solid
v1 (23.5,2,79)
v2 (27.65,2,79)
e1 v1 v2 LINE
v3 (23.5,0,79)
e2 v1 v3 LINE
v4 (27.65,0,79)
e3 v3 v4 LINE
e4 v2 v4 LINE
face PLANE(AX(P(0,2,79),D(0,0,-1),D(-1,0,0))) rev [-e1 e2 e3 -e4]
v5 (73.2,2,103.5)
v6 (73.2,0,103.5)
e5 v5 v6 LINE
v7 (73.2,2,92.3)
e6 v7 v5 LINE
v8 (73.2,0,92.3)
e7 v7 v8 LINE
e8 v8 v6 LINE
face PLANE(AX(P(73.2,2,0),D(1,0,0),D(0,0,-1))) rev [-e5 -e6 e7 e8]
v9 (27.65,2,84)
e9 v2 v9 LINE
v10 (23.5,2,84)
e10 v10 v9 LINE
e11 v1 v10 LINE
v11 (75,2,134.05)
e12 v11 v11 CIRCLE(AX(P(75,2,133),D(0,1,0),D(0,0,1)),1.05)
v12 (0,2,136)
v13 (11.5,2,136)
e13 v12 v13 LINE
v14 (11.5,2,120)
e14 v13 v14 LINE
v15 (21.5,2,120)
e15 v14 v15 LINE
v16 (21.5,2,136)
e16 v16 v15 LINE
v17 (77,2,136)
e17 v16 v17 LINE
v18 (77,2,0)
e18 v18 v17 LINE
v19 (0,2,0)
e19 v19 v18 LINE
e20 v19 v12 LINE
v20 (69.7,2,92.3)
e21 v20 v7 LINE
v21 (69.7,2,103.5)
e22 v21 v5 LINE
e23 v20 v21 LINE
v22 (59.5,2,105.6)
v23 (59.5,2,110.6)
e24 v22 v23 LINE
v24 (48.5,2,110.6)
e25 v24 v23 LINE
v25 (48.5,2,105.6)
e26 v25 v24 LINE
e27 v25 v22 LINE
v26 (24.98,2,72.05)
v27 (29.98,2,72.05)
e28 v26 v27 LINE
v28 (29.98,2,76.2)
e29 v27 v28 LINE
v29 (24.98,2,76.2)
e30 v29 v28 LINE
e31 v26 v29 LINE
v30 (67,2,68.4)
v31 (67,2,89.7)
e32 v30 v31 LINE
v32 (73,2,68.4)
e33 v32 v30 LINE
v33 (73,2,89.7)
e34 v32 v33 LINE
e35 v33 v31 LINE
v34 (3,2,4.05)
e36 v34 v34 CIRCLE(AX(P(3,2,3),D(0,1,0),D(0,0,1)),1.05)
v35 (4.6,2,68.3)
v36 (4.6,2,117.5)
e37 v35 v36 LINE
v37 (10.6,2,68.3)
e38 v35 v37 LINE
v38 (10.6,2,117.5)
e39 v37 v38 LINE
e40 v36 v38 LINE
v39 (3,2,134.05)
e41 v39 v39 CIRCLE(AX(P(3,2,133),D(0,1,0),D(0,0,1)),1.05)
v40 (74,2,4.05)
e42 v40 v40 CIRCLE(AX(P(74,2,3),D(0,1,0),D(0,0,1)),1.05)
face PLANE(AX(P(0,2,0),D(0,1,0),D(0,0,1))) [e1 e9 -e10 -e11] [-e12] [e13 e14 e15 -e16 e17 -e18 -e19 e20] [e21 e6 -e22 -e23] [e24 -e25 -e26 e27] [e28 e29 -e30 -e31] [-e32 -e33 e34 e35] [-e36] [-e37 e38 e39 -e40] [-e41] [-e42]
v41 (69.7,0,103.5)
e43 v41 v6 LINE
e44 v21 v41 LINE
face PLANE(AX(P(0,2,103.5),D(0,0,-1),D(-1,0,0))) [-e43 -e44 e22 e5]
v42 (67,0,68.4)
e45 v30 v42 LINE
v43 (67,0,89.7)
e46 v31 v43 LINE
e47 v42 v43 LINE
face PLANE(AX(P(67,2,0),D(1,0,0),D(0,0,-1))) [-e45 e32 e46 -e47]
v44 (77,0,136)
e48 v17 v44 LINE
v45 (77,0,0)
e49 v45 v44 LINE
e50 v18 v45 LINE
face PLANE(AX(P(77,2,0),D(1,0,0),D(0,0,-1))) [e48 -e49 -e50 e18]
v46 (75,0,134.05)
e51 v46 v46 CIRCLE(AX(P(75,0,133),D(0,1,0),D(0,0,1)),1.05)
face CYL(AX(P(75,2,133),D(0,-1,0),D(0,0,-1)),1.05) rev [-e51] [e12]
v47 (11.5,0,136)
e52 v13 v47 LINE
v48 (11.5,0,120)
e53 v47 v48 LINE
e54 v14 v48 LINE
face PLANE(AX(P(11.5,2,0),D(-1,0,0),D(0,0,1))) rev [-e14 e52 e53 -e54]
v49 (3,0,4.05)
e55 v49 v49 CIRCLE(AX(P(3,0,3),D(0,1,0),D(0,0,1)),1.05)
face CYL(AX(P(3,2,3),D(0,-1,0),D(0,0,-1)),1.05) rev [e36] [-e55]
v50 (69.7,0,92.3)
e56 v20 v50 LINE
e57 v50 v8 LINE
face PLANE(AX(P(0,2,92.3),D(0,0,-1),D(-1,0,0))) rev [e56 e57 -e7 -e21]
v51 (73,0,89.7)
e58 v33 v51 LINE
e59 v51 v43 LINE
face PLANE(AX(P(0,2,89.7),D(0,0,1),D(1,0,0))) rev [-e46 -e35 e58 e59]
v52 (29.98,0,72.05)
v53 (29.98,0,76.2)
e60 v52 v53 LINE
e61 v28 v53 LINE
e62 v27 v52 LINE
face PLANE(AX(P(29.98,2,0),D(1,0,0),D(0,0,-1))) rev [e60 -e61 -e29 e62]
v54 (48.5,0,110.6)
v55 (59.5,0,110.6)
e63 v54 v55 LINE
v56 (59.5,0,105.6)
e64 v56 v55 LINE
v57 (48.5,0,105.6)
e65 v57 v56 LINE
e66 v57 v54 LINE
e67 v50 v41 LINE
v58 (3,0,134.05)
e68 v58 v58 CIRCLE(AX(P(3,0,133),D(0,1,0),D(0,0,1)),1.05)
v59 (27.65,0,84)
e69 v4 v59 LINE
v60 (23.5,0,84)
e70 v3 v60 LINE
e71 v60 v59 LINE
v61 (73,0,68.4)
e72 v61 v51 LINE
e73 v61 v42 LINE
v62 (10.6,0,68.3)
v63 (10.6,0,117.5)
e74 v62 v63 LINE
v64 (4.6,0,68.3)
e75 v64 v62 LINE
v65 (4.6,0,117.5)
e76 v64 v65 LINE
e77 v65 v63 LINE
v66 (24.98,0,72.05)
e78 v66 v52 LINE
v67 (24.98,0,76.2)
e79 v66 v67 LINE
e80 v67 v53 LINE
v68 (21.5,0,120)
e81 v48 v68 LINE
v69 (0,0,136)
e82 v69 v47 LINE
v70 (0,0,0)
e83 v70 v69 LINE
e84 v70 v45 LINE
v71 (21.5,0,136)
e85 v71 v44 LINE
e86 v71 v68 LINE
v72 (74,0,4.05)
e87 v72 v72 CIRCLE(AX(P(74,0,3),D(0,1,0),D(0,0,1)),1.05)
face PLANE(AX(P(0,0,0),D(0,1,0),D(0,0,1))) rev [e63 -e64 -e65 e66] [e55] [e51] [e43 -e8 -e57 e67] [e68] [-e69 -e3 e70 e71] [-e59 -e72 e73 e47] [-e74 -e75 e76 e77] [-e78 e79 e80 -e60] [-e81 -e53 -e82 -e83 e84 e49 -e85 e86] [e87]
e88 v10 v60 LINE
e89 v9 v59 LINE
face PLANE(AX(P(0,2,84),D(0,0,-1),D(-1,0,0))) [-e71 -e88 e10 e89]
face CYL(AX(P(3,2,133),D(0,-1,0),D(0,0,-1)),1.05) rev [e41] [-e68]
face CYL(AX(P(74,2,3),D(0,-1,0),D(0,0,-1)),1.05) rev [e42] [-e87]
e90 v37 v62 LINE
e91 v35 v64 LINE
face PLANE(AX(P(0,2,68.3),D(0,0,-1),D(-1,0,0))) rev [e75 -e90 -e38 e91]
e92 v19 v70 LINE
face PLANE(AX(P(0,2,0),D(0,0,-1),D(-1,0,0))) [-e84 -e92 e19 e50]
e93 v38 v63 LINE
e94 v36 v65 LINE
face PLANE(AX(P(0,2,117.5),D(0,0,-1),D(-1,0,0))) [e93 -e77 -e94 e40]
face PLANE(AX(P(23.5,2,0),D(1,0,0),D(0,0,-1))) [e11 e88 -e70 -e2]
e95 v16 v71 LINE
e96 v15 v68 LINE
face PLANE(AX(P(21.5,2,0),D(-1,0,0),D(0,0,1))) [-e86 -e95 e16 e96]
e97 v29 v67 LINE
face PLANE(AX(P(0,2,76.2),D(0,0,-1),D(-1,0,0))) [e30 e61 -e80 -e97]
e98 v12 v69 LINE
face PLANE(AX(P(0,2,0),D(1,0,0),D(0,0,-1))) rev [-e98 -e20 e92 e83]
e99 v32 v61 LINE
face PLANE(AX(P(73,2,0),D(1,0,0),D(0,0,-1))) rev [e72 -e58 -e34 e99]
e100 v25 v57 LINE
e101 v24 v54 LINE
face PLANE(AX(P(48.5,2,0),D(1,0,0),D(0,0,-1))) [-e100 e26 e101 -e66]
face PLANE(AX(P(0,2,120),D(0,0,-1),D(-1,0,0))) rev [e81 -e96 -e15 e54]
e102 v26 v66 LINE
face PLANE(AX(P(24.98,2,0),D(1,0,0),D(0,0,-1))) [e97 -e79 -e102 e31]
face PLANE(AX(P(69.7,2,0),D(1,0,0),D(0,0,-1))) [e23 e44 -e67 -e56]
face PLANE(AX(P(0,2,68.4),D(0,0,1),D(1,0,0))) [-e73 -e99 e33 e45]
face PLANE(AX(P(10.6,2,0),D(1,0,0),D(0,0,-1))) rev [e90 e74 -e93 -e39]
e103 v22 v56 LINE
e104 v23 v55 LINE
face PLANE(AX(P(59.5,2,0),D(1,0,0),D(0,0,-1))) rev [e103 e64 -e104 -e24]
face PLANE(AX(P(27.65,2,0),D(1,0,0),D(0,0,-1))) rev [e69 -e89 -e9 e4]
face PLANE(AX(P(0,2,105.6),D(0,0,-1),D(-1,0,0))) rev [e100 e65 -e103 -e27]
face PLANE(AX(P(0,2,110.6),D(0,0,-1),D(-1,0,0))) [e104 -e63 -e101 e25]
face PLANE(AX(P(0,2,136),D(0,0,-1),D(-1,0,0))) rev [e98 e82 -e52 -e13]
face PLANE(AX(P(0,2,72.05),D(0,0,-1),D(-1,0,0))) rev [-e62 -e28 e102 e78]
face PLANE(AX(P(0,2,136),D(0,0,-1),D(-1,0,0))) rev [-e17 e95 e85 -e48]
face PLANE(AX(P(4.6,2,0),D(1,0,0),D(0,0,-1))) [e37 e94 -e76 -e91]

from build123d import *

# Parameters (mm, degrees)
SKETCH_2_R      = 1.05
SKETCH_2_W      = 6
SKETCH_2_H      = 49.2
SKETCH_2_W_2    = 4.15
SKETCH_2_H_2    = 5
SKETCH_2_W_3    = 5
SKETCH_2_H_3    = 4.15
SKETCH_2_W_4    = 11
SKETCH_2_W_5    = 3.5
SKETCH_2_H_4    = 11.2
SKETCH_2_H_5    = 21.3
EXTRUDE_1_DEPTH = 2


with BuildPart() as part:
    # 草图2 → 凸台-拉伸1 (new body)
    with BuildSketch(Plane(origin=(0, 0, 0), x_dir=(1, 0, 0), z_dir=(0, 1, 0))):
        Polygon((77, 0), (0, 0), (0, -136), (11.5, -136), (11.5, -120), (21.5, -120), (21.5, -136), (77, -136), align=None)
        with Locations(Location((3, -133, 0), (0, 0, 270))):
            Circle(SKETCH_2_R, mode=Mode.SUBTRACT)
        with Locations((7.6, -92.9)):
            Rectangle(SKETCH_2_W, SKETCH_2_H, mode=Mode.SUBTRACT)
        with Locations((25.575, -81.5)):
            Rectangle(SKETCH_2_W_2, SKETCH_2_H_2, mode=Mode.SUBTRACT)
        with Locations((27.48, -74.125)):
            Rectangle(SKETCH_2_W_3, SKETCH_2_H_3, mode=Mode.SUBTRACT)
        with Locations((54, -108.1)):
            Rectangle(SKETCH_2_W_4, SKETCH_2_H_2, mode=Mode.SUBTRACT)
        with Locations(Location((75, -133, 0), (0, 0, 270))):
            Circle(SKETCH_2_R, mode=Mode.SUBTRACT)
        with Locations((71.45, -97.9)):
            Rectangle(SKETCH_2_W_5, SKETCH_2_H_4, mode=Mode.SUBTRACT)
        with Locations((70, -79.05)):
            Rectangle(SKETCH_2_W, SKETCH_2_H_5, mode=Mode.SUBTRACT)
        with Locations(Location((3, -3, 0), (0, 0, 270))):
            Circle(SKETCH_2_R, mode=Mode.SUBTRACT)
        with Locations(Location((74, -3, 0), (0, 0, 270))):
            Circle(SKETCH_2_R, mode=Mode.SUBTRACT)
    extrude(amount=EXTRUDE_1_DEPTH)


solid = part.part
